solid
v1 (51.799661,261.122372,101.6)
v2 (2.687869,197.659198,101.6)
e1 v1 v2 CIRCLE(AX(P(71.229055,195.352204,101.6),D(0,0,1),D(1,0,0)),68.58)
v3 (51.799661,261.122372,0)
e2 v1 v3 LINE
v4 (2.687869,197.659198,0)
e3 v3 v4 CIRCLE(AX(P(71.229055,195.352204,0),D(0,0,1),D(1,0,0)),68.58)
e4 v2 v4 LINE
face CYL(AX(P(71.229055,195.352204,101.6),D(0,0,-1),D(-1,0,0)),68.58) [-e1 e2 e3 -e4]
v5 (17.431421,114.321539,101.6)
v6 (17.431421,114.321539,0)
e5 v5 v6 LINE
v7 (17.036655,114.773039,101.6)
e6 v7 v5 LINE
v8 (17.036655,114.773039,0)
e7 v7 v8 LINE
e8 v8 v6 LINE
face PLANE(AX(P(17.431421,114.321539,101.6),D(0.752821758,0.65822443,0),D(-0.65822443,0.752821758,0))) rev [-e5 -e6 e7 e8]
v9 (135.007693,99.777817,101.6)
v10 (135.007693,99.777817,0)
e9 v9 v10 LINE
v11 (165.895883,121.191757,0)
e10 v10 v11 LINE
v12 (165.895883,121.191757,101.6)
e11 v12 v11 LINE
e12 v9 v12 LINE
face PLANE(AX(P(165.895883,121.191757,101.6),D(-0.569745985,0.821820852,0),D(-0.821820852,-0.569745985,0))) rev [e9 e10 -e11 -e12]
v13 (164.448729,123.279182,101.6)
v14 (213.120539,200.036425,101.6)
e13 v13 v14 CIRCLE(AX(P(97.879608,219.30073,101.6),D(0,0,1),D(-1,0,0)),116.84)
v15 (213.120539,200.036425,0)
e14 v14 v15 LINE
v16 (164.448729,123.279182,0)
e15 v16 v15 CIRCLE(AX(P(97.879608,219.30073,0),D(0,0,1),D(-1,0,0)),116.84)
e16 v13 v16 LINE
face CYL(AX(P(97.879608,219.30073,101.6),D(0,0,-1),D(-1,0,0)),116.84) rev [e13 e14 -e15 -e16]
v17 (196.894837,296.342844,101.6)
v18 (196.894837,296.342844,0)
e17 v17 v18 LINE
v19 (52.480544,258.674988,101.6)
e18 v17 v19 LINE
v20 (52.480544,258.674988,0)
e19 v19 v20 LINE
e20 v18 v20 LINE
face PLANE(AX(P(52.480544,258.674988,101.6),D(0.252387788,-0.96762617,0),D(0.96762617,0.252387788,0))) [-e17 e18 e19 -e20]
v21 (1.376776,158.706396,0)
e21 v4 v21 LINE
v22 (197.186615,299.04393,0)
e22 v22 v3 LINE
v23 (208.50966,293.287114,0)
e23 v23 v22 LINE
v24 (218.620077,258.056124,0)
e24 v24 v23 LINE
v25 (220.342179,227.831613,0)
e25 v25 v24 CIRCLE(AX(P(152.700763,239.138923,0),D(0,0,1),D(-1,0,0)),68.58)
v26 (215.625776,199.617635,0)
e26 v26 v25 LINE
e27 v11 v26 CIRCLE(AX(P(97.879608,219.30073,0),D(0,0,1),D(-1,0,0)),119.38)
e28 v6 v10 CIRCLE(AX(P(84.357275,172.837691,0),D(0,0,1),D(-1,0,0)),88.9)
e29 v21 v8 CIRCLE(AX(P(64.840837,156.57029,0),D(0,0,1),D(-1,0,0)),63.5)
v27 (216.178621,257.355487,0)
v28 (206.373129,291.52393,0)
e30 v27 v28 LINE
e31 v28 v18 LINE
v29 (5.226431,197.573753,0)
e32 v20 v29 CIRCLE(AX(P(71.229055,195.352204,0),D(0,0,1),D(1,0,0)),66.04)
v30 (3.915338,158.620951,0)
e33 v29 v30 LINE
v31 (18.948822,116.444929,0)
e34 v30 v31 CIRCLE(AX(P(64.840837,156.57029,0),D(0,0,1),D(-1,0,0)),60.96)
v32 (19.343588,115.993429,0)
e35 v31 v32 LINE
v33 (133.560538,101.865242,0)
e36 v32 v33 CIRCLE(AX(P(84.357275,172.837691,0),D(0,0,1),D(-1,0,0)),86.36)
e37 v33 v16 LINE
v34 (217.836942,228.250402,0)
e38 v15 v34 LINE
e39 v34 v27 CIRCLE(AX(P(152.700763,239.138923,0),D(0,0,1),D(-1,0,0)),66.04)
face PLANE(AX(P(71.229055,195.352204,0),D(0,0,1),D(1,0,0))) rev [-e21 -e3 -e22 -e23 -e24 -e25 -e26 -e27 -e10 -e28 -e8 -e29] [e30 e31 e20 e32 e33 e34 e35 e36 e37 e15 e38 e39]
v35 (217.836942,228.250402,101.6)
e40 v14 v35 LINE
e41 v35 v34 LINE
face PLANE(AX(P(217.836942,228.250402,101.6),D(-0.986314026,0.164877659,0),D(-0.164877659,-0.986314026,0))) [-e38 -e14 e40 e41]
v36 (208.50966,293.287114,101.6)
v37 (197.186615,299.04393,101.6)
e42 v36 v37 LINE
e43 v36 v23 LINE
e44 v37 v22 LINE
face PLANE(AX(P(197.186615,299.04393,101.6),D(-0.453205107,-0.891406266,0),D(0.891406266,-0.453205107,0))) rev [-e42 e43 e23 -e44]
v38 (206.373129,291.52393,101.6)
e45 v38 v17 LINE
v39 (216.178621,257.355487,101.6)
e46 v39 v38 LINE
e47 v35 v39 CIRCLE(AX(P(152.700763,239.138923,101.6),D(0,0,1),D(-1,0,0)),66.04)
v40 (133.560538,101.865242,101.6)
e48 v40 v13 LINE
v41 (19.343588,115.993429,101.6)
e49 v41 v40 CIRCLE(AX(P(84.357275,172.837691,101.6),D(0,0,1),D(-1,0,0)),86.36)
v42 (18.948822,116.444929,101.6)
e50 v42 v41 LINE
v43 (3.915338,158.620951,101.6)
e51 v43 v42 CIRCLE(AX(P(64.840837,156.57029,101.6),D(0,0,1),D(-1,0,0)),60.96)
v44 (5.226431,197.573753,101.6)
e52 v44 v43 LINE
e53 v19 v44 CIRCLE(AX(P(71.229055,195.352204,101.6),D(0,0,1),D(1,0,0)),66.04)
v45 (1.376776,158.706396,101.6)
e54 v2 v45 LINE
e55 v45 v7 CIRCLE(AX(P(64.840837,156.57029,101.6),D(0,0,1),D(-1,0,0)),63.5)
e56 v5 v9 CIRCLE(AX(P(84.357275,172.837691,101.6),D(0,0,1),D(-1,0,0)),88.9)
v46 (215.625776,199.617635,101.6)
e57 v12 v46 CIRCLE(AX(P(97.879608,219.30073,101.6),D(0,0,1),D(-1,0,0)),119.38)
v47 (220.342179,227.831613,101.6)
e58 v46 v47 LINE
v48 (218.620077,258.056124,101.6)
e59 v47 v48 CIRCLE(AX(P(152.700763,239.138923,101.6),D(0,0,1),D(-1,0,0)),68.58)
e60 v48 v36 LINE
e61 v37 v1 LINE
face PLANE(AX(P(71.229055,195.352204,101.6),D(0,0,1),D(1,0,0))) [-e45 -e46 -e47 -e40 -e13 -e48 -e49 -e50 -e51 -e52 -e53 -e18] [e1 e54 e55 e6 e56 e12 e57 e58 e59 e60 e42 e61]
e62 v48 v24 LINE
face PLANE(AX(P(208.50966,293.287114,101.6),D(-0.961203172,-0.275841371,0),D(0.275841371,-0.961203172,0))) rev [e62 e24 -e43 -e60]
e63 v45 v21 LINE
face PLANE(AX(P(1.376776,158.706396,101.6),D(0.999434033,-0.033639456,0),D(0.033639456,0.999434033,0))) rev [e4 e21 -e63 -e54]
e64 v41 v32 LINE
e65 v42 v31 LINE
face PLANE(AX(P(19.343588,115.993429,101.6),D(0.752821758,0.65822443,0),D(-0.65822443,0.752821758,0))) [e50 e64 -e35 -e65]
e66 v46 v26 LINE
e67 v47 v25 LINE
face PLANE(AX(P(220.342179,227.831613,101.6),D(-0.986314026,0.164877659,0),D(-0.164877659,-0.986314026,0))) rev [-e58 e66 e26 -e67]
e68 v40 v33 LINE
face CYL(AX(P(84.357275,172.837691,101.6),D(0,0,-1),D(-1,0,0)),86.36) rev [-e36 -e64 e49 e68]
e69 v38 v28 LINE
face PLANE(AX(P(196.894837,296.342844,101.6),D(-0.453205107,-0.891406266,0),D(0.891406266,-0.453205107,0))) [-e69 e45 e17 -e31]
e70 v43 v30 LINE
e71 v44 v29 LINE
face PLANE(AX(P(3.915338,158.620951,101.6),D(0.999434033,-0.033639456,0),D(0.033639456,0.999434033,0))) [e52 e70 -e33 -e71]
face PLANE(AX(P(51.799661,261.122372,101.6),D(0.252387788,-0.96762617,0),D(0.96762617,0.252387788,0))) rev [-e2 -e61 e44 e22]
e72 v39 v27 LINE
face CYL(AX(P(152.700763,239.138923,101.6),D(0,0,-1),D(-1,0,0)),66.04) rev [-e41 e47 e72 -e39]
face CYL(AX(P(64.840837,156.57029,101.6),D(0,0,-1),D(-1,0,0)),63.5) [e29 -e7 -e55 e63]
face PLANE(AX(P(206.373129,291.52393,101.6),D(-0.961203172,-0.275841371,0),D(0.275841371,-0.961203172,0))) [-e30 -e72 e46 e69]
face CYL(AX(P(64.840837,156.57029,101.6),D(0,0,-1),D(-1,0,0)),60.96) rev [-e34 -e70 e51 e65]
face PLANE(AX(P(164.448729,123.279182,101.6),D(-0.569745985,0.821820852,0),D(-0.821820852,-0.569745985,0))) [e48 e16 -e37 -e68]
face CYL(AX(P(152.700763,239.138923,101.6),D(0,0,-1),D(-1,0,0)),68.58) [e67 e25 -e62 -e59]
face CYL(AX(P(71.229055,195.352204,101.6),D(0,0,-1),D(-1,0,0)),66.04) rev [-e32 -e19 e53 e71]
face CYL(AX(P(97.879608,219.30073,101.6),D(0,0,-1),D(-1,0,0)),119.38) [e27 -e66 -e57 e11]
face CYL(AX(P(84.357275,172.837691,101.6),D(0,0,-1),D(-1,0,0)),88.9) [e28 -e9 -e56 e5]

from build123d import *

# Parameters (mm, degrees)
BOSS_EXTRUDE1_DEPTH = 101.6


with BuildPart() as part:
    # Sketch1 → Boss-Extrude1 (new body)
    with BuildSketch(Plane.XY):
        with BuildLine():
            Line((51.799660555, 261.122372087), (197.186615042, 299.043929939))
            Line((197.186615042, 299.043929939), (208.509660322, 293.287113842))
            Line((208.509660322, 293.287113842), (218.620076974, 258.056123915))
            ThreePointArc((218.620076974, 258.056123915), (221.169715366, 243.040079022), (220.342179316, 227.83161282))
            Line((220.342179316, 227.83161282), (215.6257762, 199.617635489))
            ThreePointArc((215.6257762, 199.617635489), (198.699129745, 155.371015972), (165.895883475, 121.19175716))
            Line((165.895883475, 121.19175716), (135.007693071, 99.777817102))
            ThreePointArc((135.007693071, 99.777817102), (73.443869598, 84.610101156), (17.431420723, 114.321538997))
            Line((17.431420723, 114.321538997), (17.036655023, 114.773038812))
            ThreePointArc((17.036655023, 114.773038812), (5.027038746, 135.249887254), (1.376775545, 158.7063956))
            Line((1.376775545, 158.7063956), (2.687868659, 197.659197646))
            ThreePointArc((2.687868659, 197.659197646), (16.992541419, 237.323825473), (51.799660555, 261.122372087))
        make_face()
        with BuildLine():
            Line((52.480544155, 258.674987582), (196.894837031, 296.342844243))
            Line((196.894837031, 296.342844243), (206.373128662, 291.523930207))
            Line((206.373128662, 291.523930207), (216.178620917, 257.355486833))
            ThreePointArc((216.178620917, 257.355486833), (218.633828258, 242.895591751), (217.836941691, 228.250402074))
            Line((217.836941691, 228.250402074), (213.120538575, 200.036424744))
            ThreePointArc((213.120538575, 200.036424744), (196.554033533, 156.731222664), (164.448728673, 123.279182124))
            Line((164.448728673, 123.279182124), (133.560538269, 101.865242067))
            ThreePointArc((133.560538269, 101.865242067), (73.755681182, 87.130889432), (19.343587989, 115.99342905))
            Line((19.343587989, 115.99342905), (18.948822289, 116.444928865))
            ThreePointArc((18.948822289, 116.444928865), (7.419590663, 136.102703369), (3.91533799, 158.620951381))
            Line((3.91533799, 158.620951381), (5.226431104, 197.573753427))
            ThreePointArc((5.226431104, 197.573753427), (18.98894665, 235.75335118), (52.480544155, 258.674987582))
        make_face(mode=Mode.SUBTRACT)
    extrude(amount=BOSS_EXTRUDE1_DEPTH)


solid = part.part
